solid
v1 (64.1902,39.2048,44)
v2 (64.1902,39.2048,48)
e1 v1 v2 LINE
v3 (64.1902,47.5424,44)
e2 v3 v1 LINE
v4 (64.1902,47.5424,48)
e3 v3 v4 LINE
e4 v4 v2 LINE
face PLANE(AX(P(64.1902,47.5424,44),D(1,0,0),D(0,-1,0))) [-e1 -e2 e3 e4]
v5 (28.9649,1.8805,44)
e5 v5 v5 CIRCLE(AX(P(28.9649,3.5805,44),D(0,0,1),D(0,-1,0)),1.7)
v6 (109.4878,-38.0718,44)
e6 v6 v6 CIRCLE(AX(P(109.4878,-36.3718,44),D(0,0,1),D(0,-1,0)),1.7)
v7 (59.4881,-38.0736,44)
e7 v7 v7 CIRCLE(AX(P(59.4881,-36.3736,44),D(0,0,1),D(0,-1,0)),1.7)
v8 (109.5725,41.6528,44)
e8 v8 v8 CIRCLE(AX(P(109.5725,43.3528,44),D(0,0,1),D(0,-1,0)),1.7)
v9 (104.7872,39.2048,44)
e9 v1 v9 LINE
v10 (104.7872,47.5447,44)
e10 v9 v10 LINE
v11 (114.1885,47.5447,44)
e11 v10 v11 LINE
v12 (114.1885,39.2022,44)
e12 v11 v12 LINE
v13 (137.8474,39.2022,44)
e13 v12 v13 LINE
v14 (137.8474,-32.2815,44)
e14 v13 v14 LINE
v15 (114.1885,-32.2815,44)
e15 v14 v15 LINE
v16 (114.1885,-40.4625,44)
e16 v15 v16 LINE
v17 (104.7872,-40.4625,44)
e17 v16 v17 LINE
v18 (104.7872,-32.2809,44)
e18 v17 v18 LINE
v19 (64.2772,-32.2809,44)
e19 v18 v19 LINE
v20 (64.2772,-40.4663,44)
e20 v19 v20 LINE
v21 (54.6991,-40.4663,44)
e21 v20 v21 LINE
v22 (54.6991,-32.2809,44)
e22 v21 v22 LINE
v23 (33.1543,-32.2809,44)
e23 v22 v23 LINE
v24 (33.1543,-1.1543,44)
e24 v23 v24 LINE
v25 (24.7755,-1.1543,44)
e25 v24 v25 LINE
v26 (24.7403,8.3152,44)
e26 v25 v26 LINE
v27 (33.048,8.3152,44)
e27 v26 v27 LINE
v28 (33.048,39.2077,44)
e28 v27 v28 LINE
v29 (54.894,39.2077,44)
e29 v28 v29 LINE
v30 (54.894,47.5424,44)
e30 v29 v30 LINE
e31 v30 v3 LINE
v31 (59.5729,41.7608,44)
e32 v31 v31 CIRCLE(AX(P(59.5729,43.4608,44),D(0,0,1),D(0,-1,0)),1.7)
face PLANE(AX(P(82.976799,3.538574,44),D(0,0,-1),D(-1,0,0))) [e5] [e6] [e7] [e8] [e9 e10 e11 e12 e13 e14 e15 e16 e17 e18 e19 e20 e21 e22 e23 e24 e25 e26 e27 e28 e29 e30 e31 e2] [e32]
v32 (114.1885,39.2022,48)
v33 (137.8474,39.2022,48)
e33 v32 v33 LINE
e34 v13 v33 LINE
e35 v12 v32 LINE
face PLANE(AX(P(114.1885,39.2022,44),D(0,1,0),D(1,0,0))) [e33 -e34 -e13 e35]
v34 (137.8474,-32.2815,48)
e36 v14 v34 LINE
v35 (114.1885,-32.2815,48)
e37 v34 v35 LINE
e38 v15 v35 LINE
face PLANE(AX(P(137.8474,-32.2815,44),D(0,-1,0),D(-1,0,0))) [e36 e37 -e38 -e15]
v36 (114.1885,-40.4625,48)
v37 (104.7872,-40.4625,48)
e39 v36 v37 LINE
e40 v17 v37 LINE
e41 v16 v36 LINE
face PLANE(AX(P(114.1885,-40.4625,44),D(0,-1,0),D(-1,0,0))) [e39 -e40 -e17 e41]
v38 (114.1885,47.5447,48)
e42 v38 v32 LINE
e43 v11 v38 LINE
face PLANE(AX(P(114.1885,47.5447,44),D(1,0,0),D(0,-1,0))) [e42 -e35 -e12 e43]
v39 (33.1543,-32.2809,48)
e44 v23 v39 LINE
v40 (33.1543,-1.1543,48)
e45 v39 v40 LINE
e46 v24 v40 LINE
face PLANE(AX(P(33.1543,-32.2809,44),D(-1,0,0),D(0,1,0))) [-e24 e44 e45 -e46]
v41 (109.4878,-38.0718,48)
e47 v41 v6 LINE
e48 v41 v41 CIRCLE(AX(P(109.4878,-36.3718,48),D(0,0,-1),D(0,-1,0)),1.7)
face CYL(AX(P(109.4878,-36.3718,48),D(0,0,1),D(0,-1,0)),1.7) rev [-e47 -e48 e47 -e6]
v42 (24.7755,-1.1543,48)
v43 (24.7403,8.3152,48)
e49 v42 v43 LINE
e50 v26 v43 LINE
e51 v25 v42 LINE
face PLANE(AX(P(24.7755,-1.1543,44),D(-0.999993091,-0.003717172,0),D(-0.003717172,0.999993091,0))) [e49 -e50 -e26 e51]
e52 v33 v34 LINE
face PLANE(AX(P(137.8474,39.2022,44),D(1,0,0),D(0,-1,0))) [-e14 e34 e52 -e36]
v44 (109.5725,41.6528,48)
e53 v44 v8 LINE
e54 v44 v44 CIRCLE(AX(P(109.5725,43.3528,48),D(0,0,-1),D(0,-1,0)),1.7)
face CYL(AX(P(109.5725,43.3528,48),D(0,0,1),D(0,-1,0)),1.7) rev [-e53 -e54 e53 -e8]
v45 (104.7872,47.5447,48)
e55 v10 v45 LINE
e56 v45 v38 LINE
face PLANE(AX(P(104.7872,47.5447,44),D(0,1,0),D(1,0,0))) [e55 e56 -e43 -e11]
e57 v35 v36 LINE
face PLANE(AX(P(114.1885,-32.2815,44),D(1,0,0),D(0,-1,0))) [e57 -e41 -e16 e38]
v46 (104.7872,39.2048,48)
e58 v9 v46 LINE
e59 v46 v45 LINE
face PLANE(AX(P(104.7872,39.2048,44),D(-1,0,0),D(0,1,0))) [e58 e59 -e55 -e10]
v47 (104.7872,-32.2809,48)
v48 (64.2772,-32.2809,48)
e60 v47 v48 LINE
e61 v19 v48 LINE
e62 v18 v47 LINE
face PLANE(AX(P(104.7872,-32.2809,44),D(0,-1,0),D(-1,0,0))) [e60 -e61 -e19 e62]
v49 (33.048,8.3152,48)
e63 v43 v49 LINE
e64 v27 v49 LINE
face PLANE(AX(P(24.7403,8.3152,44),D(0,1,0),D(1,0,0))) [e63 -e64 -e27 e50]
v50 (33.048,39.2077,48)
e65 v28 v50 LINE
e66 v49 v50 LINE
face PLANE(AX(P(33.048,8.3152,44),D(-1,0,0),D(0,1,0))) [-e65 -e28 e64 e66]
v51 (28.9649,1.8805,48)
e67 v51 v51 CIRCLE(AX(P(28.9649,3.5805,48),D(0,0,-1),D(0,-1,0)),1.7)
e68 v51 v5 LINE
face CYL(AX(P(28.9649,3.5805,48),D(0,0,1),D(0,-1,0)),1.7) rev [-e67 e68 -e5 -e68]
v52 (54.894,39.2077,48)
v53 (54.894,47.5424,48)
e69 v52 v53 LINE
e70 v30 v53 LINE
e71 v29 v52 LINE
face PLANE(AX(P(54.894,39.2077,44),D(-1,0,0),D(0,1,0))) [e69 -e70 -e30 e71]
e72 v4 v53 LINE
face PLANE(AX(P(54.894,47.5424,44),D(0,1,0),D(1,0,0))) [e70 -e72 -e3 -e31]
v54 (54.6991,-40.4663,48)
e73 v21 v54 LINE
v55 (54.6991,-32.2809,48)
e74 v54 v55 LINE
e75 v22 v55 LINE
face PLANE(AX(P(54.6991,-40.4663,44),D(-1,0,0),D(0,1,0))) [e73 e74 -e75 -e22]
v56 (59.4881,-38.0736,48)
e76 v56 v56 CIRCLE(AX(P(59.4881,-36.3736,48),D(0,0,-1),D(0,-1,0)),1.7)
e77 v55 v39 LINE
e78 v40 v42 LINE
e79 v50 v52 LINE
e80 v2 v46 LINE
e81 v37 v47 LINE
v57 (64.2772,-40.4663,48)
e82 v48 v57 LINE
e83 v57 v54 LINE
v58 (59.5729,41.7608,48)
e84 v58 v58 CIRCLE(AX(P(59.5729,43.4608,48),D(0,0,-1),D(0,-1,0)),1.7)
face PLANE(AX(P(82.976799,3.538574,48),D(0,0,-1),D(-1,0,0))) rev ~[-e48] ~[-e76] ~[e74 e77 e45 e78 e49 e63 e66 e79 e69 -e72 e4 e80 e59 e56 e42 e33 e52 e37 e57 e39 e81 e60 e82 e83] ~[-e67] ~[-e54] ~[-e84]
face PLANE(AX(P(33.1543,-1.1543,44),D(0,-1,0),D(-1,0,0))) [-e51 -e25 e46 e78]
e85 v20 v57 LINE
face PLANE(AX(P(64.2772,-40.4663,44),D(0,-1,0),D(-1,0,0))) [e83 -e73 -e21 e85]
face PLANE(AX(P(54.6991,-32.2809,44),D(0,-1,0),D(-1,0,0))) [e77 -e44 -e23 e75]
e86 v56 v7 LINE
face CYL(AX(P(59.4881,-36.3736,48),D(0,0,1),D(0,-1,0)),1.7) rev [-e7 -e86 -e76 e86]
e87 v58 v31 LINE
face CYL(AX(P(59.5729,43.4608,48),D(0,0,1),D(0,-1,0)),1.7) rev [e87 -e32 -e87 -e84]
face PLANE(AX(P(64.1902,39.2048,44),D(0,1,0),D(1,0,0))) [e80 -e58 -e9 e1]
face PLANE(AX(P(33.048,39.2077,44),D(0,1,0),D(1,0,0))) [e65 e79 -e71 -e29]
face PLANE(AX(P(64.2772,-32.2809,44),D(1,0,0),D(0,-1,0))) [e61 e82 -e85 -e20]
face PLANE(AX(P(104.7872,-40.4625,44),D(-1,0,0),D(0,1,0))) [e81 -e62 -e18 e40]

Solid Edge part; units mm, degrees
sketch "Sketch1" plane through (0, 0, 44) normal (0, 0, 1) x (1, 0, 0)
  line L0 (33.1543, -1.1543) -> (24.7755, -1.1543)
  line L1 (24.7755, -1.1543) -> (24.7403, 8.3152)
  line L2 (24.7403, 8.3152) -> (33.048, 8.3152)
  line L3 (33.048, 8.3152) -> (33.048, 39.2077)
  line L4 (33.048, 39.2077) -> (54.894, 39.2077)
  line L5 (54.894, 39.2077) -> (54.894, 47.5424)
  line L6 (54.894, 47.5424) -> (64.0113, 47.5424)
  line L7 (64.0113, 47.5424) -> (64.1902, 47.5424)
  line L8 (64.1902, 47.5424) -> (64.1902, 39.2048)
  line L9 (64.1902, 39.2048) -> (104.7872, 39.2048)
  line L10 (104.7872, 39.2048) -> (104.7872, 47.5447)
  line L11 (104.7872, 47.5447) -> (114.1885, 47.5447)
  line L12 (114.1885, 47.5447) -> (114.1885, 39.2022)
  line L13 (114.1885, 39.2022) -> (137.8474, 39.2022)
  line L14 (137.8474, 39.2022) -> (137.8474, -32.2815)
  line L15 (137.8474, -32.2815) -> (114.1885, -32.2815)
  line L16 (114.1885, -32.2815) -> (114.1885, -40.4625)
  line L17 (114.1885, -40.4625) -> (104.7872, -40.4625)
  line L18 (104.7872, -40.4625) -> (104.7872, -32.2809)
  line L19 (104.7872, -32.2809) -> (64.2772, -32.2809)
  line L20 (64.2772, -32.2809) -> (64.2772, -40.4663)
  line L21 (64.2772, -40.4663) -> (54.6991, -40.4663)
  line L22 (54.6991, -40.4663) -> (54.6991, -32.2809)
  line L23 (54.6991, -32.2809) -> (33.1543, -32.2809)
  line L24 (33.1543, -32.2809) -> (33.1543, -1.1543)
extrude "Protrusion1" add sketch "Sketch1" along normal blind 4
hole "Hole_1" at (59.4881, -36.3736, 48) direction (0, 0, -1) diameter 3.4 end up to next
hole "Hole1" at (109.4878, -36.3718, 48) direction (0, 0, -1) diameter 3.4 end up to next
hole "Hole2" at (59.5729, 43.4608, 48) direction (0, 0, -1) diameter 3.4 end up to next
hole "Hole3" at (109.5725, 43.3528, 48) direction (0, 0, -1) diameter 3.4 end up to next
hole "Hole4" at (28.9649, 3.5805, 48) direction (0, 0, -1) diameter 3.4 end up to next
